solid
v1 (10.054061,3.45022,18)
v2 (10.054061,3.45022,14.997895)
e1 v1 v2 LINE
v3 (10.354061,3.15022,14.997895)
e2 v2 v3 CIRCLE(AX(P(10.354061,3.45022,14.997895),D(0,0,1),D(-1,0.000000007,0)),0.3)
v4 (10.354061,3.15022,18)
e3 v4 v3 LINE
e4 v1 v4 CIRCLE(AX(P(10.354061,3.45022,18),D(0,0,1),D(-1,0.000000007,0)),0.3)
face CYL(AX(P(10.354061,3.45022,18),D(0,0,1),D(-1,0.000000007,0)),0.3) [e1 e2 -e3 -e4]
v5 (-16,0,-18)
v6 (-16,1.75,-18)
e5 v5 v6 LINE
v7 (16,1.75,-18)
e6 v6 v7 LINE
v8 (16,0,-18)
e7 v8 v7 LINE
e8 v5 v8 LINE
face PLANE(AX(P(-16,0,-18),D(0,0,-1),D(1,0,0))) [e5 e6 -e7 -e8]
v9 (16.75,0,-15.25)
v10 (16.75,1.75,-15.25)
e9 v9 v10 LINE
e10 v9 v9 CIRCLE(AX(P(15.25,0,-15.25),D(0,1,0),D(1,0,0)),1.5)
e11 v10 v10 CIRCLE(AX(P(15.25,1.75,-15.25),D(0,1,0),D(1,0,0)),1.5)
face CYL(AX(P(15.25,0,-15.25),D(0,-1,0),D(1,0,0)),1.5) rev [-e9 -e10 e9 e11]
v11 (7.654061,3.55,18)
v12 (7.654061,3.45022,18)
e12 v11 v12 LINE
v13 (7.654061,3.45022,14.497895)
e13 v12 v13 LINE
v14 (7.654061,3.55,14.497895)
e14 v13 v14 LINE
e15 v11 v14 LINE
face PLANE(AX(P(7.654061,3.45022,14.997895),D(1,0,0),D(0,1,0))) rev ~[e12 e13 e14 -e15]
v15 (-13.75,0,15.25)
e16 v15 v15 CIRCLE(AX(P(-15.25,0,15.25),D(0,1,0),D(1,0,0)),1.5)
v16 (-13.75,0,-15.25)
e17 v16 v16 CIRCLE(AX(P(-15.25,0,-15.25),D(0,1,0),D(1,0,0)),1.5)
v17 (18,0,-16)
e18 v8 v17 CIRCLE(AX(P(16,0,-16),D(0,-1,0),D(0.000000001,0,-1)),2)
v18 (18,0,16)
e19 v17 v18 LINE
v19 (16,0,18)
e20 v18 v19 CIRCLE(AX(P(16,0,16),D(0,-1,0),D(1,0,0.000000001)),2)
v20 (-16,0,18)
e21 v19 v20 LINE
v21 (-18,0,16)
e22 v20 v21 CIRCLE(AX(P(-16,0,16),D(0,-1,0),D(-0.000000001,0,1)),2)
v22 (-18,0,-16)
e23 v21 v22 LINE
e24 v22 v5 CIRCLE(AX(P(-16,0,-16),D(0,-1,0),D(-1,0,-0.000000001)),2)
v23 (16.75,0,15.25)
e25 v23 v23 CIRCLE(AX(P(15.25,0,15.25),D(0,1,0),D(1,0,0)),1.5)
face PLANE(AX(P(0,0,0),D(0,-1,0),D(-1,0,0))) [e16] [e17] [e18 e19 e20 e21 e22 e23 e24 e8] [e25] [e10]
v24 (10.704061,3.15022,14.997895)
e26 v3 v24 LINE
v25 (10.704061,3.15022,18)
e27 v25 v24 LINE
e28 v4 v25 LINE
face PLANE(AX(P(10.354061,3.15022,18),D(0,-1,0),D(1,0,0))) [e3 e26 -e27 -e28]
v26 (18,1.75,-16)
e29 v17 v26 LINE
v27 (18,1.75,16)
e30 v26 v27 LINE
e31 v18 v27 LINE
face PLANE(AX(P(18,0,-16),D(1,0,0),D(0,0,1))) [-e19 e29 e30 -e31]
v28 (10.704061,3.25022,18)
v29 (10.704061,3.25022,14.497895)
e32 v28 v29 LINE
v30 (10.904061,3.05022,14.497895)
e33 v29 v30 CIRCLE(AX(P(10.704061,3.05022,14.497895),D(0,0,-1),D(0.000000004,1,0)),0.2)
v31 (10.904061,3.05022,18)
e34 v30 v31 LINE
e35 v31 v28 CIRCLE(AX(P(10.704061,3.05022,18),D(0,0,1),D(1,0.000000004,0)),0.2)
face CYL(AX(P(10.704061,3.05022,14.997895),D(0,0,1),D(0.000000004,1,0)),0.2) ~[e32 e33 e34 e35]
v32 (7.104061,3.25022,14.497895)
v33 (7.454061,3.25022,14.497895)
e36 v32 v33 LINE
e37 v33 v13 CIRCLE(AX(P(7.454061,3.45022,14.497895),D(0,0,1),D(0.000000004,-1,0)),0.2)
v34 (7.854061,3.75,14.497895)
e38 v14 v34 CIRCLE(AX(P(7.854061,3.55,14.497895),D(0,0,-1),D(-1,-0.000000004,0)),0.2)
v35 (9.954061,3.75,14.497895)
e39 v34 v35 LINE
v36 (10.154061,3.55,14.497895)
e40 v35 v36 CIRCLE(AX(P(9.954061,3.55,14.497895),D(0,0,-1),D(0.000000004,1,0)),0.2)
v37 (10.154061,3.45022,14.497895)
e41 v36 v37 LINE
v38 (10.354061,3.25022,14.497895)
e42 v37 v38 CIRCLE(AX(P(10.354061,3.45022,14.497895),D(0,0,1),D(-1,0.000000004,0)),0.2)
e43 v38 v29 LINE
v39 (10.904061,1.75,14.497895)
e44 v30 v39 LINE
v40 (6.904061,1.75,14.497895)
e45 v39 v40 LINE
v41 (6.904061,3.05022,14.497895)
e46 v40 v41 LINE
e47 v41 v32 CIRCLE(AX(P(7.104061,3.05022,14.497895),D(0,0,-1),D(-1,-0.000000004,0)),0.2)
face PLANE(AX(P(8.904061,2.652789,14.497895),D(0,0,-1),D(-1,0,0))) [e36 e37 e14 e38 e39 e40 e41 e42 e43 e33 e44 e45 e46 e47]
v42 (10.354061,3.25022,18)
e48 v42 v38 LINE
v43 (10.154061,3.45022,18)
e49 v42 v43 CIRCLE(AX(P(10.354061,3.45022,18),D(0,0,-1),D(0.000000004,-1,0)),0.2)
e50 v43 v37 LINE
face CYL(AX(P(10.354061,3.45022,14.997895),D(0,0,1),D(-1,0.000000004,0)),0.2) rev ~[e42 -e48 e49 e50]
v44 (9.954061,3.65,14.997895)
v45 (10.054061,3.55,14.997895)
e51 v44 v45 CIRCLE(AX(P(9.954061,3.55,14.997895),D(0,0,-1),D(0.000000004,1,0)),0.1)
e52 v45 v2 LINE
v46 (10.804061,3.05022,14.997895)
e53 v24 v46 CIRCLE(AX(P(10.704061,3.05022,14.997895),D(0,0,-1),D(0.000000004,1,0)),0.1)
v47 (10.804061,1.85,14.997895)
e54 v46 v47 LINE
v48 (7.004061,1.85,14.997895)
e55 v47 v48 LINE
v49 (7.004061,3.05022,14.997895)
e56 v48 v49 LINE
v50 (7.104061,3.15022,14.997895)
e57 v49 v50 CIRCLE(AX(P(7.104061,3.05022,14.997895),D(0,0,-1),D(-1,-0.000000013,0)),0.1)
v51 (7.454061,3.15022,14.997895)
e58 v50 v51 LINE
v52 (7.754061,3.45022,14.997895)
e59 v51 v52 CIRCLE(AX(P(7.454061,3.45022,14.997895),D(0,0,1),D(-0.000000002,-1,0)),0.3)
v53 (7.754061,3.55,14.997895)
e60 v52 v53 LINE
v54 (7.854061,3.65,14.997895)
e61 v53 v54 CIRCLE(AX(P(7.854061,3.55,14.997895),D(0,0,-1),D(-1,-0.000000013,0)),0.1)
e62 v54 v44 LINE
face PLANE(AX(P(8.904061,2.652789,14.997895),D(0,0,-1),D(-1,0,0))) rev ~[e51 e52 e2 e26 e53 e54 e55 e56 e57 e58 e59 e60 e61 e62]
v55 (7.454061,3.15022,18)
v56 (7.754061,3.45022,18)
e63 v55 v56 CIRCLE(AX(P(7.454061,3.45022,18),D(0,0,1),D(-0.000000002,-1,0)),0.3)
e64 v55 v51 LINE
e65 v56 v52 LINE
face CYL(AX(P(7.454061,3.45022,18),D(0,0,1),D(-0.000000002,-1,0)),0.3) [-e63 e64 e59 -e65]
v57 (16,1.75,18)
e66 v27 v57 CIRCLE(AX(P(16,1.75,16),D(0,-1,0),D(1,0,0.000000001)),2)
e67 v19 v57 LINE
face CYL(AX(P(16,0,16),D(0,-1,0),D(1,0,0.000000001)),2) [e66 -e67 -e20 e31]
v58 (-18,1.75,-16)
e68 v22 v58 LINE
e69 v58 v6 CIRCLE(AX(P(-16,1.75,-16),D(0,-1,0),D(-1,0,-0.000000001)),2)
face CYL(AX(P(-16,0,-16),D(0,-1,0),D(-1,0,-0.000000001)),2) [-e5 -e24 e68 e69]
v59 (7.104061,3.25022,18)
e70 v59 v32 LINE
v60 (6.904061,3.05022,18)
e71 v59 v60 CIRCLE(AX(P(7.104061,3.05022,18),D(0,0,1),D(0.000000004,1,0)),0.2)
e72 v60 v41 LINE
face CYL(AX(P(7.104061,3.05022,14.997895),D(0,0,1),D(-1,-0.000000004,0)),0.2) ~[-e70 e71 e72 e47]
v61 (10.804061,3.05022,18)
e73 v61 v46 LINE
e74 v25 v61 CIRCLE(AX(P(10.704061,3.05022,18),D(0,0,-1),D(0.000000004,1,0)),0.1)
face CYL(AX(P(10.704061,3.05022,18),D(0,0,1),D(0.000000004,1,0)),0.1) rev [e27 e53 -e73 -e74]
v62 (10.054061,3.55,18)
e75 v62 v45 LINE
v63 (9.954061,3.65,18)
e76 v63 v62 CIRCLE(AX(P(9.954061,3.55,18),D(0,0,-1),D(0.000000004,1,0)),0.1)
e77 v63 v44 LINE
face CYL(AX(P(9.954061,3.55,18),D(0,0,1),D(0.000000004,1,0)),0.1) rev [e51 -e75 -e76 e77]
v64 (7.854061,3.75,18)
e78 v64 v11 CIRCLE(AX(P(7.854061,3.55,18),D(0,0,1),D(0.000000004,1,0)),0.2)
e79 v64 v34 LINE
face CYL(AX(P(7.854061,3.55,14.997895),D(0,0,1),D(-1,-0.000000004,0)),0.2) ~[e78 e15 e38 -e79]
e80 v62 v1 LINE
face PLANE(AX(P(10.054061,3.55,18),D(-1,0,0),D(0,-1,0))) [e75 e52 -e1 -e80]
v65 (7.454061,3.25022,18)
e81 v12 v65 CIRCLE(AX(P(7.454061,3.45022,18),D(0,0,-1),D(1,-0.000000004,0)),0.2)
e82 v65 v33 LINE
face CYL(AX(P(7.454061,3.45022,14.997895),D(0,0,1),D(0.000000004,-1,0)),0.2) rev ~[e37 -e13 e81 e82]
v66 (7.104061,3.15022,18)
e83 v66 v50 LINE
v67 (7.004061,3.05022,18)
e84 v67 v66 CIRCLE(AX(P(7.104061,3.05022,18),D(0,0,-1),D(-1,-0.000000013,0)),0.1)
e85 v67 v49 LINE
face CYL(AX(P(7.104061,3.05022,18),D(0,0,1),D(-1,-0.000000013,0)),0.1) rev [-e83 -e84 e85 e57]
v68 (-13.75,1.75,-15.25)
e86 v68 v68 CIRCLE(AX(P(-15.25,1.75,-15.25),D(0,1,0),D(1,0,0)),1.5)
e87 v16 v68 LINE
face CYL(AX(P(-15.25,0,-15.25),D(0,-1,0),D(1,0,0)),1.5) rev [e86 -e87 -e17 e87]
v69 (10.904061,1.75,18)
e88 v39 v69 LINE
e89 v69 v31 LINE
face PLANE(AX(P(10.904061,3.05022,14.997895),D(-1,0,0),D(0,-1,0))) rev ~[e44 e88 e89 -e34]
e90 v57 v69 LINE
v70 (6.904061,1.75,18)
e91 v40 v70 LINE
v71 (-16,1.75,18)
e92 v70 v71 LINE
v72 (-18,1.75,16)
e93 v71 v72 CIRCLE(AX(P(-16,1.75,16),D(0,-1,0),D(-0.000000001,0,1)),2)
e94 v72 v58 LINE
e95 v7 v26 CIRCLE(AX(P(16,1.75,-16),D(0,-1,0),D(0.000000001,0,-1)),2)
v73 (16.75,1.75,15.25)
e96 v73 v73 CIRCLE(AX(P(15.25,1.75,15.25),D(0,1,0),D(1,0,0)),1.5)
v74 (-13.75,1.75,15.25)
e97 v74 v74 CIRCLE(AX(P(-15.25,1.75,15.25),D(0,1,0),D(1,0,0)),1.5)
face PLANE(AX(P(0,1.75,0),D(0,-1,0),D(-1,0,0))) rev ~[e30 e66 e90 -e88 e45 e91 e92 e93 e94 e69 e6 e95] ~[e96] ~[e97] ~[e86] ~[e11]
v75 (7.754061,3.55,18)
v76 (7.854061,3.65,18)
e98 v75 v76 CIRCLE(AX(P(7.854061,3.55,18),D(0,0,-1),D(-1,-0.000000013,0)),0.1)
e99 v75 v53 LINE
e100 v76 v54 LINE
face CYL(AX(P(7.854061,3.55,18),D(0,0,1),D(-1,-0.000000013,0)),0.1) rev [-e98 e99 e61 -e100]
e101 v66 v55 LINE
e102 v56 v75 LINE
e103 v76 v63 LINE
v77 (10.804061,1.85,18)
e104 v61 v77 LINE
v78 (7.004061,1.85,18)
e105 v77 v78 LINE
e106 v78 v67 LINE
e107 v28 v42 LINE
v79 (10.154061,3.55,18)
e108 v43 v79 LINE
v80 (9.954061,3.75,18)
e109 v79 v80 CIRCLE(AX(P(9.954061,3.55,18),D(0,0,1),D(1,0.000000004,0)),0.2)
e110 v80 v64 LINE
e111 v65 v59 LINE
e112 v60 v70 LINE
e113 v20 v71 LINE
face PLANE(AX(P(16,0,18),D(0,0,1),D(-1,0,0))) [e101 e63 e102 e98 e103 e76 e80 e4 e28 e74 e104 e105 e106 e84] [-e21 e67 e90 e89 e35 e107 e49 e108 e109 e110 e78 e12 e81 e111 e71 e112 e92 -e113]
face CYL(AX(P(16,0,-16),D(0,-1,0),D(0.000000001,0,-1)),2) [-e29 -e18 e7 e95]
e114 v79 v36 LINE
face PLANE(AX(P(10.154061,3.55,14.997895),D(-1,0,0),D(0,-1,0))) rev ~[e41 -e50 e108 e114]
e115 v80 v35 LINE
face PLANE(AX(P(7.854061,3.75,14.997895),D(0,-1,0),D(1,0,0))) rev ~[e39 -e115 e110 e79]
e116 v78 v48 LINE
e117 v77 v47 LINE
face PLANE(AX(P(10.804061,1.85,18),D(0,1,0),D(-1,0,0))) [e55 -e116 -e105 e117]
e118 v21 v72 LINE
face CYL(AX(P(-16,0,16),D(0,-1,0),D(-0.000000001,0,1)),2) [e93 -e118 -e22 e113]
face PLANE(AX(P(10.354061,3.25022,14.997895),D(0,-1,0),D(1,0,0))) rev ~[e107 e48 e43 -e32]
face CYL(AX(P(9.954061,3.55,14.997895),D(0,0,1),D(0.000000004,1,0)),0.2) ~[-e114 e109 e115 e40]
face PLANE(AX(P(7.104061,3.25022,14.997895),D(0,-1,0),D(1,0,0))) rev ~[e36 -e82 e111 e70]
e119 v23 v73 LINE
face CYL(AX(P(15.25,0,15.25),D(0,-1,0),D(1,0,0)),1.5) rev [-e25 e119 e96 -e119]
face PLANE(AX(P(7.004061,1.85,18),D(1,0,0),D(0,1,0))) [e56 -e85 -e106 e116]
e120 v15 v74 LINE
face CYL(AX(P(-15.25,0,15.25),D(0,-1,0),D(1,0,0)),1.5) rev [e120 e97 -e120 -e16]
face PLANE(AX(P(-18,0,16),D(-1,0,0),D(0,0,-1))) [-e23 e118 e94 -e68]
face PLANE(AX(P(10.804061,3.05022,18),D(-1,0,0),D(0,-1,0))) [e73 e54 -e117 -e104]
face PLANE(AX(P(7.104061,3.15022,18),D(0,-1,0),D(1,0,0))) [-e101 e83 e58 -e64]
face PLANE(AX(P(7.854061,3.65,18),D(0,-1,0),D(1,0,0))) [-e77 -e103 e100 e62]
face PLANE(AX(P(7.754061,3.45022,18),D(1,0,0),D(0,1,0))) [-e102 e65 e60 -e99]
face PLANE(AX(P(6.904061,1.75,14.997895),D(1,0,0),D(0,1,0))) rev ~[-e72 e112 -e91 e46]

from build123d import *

# Parameters (mm, degrees)
SKETCH1_R           = 1.5
BOSS_EXTRUDE3_DEPTH = 1.75
BOSS_EXTRUDE4_DEPTH = 3.00210529
BOSS_EXTRUDE5_DEPTH = 0.5


with BuildPart() as part:
    # Sketch1 → Boss-Extrude3 (new body)
    with BuildSketch(Plane(origin=(0, 0, 0), x_dir=(1, 0, 0), z_dir=(0, 1, 0))):
        with BuildLine():
            Line((16, -18), (-16, -18))
            ThreePointArc((-16, -18), (-17.414213562, -17.414213562), (-18, -16))
            Line((-18, -16), (-18, 16))
            ThreePointArc((-18, 16), (-17.414213562, 17.414213562), (-16, 18))
            Line((-16, 18), (16, 18))
            ThreePointArc((16, 18), (17.414213562, 17.414213562), (18, 16))
            Line((18, 16), (18, -16))
            ThreePointArc((18, -16), (17.414213562, -17.414213562), (16, -18))
        make_face()
        with Locations((-15.25, 15.25)):
            Circle(SKETCH1_R, mode=Mode.SUBTRACT)
        with Locations((15.25, 15.25)):
            Circle(SKETCH1_R, mode=Mode.SUBTRACT)
        with Locations((15.25, -15.25)):
            Circle(SKETCH1_R, mode=Mode.SUBTRACT)
        with Locations((-15.25, -15.25)):
            Circle(SKETCH1_R, mode=Mode.SUBTRACT)
    extrude(amount=BOSS_EXTRUDE3_DEPTH)

    # Sketch6 → Boss-Extrude4 (add)
    with BuildSketch(Plane(origin=(-4.326463131, 0, 18), x_dir=(1, 0, 0), z_dir=(0, 0, 1))):
        with BuildLine():
            Line((11.230523664, 1.75), (15.230523664, 1.75))
            Line((15.230523664, 1.75), (15.230523664, 3.050219677))
            ThreePointArc((15.230523664, 3.050219677), (15.17194502, 3.191641033), (15.030523664, 3.250219677))
            Line((15.030523664, 3.250219677), (14.680523664, 3.250219677))
            ThreePointArc((14.680523664, 3.250219677), (14.539102307, 3.308798321), (14.480523664, 3.450219677))
            Line((14.480523664, 3.450219677), (14.480523664, 3.55))
            ThreePointArc((14.480523664, 3.55), (14.42194502, 3.691421356), (14.280523664, 3.75))
            Line((14.280523664, 3.75), (12.180523664, 3.75))
            ThreePointArc((12.180523664, 3.75), (12.039102307, 3.691421356), (11.980523664, 3.55))
            Line((11.980523664, 3.55), (11.980523664, 3.450219677))
            ThreePointArc((11.980523664, 3.450219677), (11.92194502, 3.308798321), (11.780523664, 3.250219677))
            Line((11.780523664, 3.250219677), (11.430523664, 3.250219677))
            ThreePointArc((11.430523664, 3.250219677), (11.289102307, 3.191641033), (11.230523664, 3.050219677))
            Line((11.230523664, 3.050219677), (11.230523664, 1.75))
        make_face()
        with BuildLine():
            Line((12.180523664, 3.65), (14.280523664, 3.65))
            ThreePointArc((14.280523664, 3.65), (14.351234342, 3.620710678), (14.380523664, 3.55))
            Line((14.380523664, 3.55), (14.380523664, 3.450219677))
            ThreePointArc((14.380523664, 3.450219677), (14.468391629, 3.238087642), (14.680523664, 3.150219677))
            Line((14.680523664, 3.150219677), (15.030523664, 3.150219677))
            ThreePointArc((15.030523664, 3.150219677), (15.101234342, 3.120930355), (15.130523664, 3.050219677))
            Line((15.130523664, 3.050219677), (15.130523664, 1.85))
            Line((15.130523664, 1.85), (11.330523664, 1.85))
            Line((11.330523664, 1.85), (11.330523664, 3.050219677))
            ThreePointArc((11.330523664, 3.050219677), (11.359812985, 3.120930355), (11.430523664, 3.150219677))
            Line((11.430523664, 3.150219677), (11.780523664, 3.150219677))
            ThreePointArc((11.780523664, 3.150219677), (11.992655698, 3.238087642), (12.080523664, 3.450219677))
            Line((12.080523664, 3.450219677), (12.080523664, 3.55))
            ThreePointArc((12.080523664, 3.55), (12.109812985, 3.620710678), (12.180523664, 3.65))
        make_face(mode=Mode.SUBTRACT)
    extrude(amount=-BOSS_EXTRUDE4_DEPTH)

    # Sketch7 → Boss-Extrude5 (add)
    with BuildSketch(Plane(origin=(0, 0, 14.99789471), x_dir=(-1, 0, 0), z_dir=(0, 0, -1))):
        with BuildLine():
            Line((-6.904060533, 1.75), (-6.904060533, 3.050219677))
            ThreePointArc((-6.904060533, 3.050219677), (-6.962639176, 3.191641033), (-7.104060533, 3.250219677))
            Line((-7.104060533, 3.250219677), (-7.454060533, 3.250219677))
            ThreePointArc((-7.454060533, 3.250219677), (-7.595481889, 3.308798321), (-7.654060533, 3.450219677))
            Line((-7.654060533, 3.450219677), (-7.654060533, 3.55))
            ThreePointArc((-7.654060533, 3.55), (-7.712639176, 3.691421356), (-7.854060533, 3.75))
            Line((-7.854060533, 3.75), (-9.954060533, 3.75))
            ThreePointArc((-9.954060533, 3.75), (-10.095481889, 3.691421356), (-10.154060533, 3.55))
            Line((-10.154060533, 3.55), (-10.154060533, 3.450219677))
            ThreePointArc((-10.154060533, 3.450219677), (-10.212639176, 3.308798321), (-10.354060533, 3.250219677))
            Line((-10.354060533, 3.250219677), (-10.704060533, 3.250219677))
            ThreePointArc((-10.704060533, 3.250219677), (-10.845481889, 3.191641033), (-10.904060533, 3.050219677))
            Line((-10.904060533, 3.050219677), (-10.904060533, 1.75))
            Line((-10.904060533, 1.75), (-6.904060533, 1.75))
        make_face()
    extrude(amount=BOSS_EXTRUDE5_DEPTH)


solid = part.part
